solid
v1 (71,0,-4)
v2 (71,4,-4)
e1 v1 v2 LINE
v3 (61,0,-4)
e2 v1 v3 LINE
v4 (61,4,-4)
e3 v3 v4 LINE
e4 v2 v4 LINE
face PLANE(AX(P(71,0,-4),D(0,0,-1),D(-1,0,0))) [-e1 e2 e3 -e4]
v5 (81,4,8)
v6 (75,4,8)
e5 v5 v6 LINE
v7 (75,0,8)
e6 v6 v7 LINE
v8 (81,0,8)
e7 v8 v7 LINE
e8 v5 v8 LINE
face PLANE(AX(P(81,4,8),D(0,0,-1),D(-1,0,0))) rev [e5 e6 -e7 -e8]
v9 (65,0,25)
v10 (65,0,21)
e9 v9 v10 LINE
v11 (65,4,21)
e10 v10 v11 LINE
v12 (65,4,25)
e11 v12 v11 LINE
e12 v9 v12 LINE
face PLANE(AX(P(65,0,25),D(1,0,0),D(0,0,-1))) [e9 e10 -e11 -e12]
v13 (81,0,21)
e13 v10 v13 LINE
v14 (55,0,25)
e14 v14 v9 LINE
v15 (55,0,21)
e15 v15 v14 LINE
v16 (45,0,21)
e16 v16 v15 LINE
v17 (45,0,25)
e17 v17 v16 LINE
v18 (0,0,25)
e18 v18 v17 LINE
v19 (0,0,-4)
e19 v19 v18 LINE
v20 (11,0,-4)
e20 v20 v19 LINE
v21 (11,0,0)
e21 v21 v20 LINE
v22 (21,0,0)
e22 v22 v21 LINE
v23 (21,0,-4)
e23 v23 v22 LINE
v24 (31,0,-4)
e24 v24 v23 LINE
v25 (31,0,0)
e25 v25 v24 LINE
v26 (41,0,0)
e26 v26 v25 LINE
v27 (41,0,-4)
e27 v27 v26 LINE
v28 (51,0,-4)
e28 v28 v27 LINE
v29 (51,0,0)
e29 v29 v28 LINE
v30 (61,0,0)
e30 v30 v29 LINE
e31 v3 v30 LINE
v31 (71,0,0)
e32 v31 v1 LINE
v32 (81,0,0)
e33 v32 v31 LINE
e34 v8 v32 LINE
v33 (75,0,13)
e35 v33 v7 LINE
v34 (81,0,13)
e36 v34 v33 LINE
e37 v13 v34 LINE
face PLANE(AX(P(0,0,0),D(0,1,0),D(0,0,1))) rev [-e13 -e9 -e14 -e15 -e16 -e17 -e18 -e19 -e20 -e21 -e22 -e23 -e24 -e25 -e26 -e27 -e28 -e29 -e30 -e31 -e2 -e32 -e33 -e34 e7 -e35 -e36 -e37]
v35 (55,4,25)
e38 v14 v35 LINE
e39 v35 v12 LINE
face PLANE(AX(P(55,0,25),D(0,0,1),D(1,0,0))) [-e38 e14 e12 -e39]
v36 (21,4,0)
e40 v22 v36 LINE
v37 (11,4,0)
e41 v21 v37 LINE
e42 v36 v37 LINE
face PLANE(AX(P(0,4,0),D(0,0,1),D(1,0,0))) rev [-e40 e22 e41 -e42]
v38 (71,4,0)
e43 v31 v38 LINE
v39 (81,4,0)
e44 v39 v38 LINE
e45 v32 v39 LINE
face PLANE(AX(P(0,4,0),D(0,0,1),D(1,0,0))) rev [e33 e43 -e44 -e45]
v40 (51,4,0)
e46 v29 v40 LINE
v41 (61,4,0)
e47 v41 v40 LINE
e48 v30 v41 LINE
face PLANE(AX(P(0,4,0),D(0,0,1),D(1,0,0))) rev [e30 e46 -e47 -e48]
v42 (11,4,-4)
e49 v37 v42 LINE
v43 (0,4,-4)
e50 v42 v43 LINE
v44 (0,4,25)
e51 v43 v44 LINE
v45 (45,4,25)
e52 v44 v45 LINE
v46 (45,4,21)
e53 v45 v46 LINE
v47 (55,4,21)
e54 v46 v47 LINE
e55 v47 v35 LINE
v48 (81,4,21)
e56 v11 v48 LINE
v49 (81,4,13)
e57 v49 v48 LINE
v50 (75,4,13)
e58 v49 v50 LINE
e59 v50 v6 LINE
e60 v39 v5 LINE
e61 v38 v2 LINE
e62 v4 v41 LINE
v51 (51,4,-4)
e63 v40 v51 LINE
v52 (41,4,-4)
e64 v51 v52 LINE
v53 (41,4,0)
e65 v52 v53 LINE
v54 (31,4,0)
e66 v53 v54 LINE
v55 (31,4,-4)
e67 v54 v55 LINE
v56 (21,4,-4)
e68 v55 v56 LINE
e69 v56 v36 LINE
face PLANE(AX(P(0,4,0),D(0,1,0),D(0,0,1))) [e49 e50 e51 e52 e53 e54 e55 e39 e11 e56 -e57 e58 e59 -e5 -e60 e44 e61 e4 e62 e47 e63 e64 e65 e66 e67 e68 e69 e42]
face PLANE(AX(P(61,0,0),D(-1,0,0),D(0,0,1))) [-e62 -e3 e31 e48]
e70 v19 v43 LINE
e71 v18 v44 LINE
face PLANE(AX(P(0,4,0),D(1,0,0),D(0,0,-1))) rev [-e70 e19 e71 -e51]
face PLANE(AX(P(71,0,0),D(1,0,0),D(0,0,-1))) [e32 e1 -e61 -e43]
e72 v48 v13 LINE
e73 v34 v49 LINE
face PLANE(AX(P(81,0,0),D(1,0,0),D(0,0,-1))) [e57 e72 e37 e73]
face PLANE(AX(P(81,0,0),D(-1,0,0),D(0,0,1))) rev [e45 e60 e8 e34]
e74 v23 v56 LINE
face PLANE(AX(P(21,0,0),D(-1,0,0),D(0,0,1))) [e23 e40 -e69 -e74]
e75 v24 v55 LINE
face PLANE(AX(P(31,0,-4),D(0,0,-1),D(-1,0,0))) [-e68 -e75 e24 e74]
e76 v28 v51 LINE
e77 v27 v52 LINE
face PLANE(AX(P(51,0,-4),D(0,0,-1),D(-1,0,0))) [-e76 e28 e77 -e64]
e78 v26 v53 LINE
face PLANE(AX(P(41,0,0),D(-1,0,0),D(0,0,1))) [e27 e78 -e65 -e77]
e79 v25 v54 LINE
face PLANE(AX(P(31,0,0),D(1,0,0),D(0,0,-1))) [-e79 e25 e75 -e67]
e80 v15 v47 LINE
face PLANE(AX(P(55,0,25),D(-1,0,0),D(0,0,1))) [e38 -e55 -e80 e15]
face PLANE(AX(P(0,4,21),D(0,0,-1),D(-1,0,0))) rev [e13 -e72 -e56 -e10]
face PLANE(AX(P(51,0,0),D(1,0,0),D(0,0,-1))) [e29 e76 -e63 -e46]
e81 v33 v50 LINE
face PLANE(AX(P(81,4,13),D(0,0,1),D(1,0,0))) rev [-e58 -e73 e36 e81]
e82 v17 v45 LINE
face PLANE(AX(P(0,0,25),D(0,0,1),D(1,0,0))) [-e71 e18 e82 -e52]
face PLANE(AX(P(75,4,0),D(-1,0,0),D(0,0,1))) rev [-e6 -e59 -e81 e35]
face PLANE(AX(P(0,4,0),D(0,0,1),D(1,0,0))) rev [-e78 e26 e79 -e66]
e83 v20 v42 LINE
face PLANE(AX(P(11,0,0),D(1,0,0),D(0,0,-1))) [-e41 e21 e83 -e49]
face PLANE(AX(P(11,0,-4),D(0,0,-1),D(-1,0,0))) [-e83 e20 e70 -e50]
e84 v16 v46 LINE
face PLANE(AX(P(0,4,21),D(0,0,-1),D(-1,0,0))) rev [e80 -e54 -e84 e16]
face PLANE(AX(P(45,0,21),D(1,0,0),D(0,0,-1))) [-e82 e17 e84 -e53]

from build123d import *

# Parameters (mm, degrees)
SKETCH1_W           = 75
SKETCH1_H           = 21
BOSS_EXTRUDE1_DEPTH = 4
SKETCH2_W           = 8
SKETCH2_H           = 4
BOSS_EXTRUDE2_DEPTH = 6
SKETCH3_W           = 10
SKETCH3_H           = 4
BOSS_EXTRUDE3_DEPTH = 4
LPATTERN1_COUNT     = 4
LPATTERN1_PITCH     = 20
SKETCH4_W           = 1
SKETCH4_H           = 4
BOSS_EXTRUDE4_DEPTH = 4
SKETCH5_W           = 45
SKETCH5_H           = 4
SKETCH5_W_2         = 10
BOSS_EXTRUDE5_DEPTH = 4


with BuildPart() as part:
    # Sketch1 → Boss-Extrude1 (new body)
    with BuildSketch(Plane(origin=(0, 0, 0), x_dir=(1, 0, 0), z_dir=(0, 1, 0))):
        with Locations((37.5, -10.5)):
            Rectangle(SKETCH1_W, SKETCH1_H)
    extrude(amount=BOSS_EXTRUDE1_DEPTH)

    # Sketch2 → Boss-Extrude2 (add)
    with BuildSketch(Plane(origin=(75, 0, 0), x_dir=(0, 0, -1), z_dir=(1, 0, 0))):
        with Locations((-17, 2)):
            Rectangle(SKETCH2_W, SKETCH2_H)
        with Locations((-4, 2)):
            Rectangle(SKETCH2_W, SKETCH2_H)
    extrude(amount=BOSS_EXTRUDE2_DEPTH)

    # Sketch3 → Boss-Extrude3 (add, through all)
    with BuildSketch(Plane(origin=(0, 4, 0), x_dir=(1, 0, 0), z_dir=(0, 1, 0))):
        with Locations((66, 2)):
            Rectangle(SKETCH3_W, SKETCH3_H)
    boss_extrude3 = extrude(amount=-BOSS_EXTRUDE3_DEPTH)

    # LPattern1: Boss-Extrude3 ×4
    with Locations(*[(-i * LPATTERN1_PITCH, 0, 0) for i in range(1, LPATTERN1_COUNT)]):
        add(boss_extrude3)

    # Sketch4 → Boss-Extrude4 (add, through all)
    with BuildSketch(Plane(origin=(0, 4, 0), x_dir=(1, 0, 0), z_dir=(0, 1, 0))):
        with Locations((0.5, 2)):
            Rectangle(SKETCH4_W, SKETCH4_H)
    extrude(amount=-BOSS_EXTRUDE4_DEPTH)

    # Sketch5 → Boss-Extrude5 (add, through all)
    with BuildSketch(Plane(origin=(0, 4, 0), x_dir=(1, 0, 0), z_dir=(0, 1, 0))):
        with Locations((22.5, -23)):
            Rectangle(SKETCH5_W, SKETCH5_H)
        with Locations((60, -23)):
            Rectangle(SKETCH5_W_2, SKETCH5_H)
    extrude(amount=-BOSS_EXTRUDE5_DEPTH)


solid = part.part
